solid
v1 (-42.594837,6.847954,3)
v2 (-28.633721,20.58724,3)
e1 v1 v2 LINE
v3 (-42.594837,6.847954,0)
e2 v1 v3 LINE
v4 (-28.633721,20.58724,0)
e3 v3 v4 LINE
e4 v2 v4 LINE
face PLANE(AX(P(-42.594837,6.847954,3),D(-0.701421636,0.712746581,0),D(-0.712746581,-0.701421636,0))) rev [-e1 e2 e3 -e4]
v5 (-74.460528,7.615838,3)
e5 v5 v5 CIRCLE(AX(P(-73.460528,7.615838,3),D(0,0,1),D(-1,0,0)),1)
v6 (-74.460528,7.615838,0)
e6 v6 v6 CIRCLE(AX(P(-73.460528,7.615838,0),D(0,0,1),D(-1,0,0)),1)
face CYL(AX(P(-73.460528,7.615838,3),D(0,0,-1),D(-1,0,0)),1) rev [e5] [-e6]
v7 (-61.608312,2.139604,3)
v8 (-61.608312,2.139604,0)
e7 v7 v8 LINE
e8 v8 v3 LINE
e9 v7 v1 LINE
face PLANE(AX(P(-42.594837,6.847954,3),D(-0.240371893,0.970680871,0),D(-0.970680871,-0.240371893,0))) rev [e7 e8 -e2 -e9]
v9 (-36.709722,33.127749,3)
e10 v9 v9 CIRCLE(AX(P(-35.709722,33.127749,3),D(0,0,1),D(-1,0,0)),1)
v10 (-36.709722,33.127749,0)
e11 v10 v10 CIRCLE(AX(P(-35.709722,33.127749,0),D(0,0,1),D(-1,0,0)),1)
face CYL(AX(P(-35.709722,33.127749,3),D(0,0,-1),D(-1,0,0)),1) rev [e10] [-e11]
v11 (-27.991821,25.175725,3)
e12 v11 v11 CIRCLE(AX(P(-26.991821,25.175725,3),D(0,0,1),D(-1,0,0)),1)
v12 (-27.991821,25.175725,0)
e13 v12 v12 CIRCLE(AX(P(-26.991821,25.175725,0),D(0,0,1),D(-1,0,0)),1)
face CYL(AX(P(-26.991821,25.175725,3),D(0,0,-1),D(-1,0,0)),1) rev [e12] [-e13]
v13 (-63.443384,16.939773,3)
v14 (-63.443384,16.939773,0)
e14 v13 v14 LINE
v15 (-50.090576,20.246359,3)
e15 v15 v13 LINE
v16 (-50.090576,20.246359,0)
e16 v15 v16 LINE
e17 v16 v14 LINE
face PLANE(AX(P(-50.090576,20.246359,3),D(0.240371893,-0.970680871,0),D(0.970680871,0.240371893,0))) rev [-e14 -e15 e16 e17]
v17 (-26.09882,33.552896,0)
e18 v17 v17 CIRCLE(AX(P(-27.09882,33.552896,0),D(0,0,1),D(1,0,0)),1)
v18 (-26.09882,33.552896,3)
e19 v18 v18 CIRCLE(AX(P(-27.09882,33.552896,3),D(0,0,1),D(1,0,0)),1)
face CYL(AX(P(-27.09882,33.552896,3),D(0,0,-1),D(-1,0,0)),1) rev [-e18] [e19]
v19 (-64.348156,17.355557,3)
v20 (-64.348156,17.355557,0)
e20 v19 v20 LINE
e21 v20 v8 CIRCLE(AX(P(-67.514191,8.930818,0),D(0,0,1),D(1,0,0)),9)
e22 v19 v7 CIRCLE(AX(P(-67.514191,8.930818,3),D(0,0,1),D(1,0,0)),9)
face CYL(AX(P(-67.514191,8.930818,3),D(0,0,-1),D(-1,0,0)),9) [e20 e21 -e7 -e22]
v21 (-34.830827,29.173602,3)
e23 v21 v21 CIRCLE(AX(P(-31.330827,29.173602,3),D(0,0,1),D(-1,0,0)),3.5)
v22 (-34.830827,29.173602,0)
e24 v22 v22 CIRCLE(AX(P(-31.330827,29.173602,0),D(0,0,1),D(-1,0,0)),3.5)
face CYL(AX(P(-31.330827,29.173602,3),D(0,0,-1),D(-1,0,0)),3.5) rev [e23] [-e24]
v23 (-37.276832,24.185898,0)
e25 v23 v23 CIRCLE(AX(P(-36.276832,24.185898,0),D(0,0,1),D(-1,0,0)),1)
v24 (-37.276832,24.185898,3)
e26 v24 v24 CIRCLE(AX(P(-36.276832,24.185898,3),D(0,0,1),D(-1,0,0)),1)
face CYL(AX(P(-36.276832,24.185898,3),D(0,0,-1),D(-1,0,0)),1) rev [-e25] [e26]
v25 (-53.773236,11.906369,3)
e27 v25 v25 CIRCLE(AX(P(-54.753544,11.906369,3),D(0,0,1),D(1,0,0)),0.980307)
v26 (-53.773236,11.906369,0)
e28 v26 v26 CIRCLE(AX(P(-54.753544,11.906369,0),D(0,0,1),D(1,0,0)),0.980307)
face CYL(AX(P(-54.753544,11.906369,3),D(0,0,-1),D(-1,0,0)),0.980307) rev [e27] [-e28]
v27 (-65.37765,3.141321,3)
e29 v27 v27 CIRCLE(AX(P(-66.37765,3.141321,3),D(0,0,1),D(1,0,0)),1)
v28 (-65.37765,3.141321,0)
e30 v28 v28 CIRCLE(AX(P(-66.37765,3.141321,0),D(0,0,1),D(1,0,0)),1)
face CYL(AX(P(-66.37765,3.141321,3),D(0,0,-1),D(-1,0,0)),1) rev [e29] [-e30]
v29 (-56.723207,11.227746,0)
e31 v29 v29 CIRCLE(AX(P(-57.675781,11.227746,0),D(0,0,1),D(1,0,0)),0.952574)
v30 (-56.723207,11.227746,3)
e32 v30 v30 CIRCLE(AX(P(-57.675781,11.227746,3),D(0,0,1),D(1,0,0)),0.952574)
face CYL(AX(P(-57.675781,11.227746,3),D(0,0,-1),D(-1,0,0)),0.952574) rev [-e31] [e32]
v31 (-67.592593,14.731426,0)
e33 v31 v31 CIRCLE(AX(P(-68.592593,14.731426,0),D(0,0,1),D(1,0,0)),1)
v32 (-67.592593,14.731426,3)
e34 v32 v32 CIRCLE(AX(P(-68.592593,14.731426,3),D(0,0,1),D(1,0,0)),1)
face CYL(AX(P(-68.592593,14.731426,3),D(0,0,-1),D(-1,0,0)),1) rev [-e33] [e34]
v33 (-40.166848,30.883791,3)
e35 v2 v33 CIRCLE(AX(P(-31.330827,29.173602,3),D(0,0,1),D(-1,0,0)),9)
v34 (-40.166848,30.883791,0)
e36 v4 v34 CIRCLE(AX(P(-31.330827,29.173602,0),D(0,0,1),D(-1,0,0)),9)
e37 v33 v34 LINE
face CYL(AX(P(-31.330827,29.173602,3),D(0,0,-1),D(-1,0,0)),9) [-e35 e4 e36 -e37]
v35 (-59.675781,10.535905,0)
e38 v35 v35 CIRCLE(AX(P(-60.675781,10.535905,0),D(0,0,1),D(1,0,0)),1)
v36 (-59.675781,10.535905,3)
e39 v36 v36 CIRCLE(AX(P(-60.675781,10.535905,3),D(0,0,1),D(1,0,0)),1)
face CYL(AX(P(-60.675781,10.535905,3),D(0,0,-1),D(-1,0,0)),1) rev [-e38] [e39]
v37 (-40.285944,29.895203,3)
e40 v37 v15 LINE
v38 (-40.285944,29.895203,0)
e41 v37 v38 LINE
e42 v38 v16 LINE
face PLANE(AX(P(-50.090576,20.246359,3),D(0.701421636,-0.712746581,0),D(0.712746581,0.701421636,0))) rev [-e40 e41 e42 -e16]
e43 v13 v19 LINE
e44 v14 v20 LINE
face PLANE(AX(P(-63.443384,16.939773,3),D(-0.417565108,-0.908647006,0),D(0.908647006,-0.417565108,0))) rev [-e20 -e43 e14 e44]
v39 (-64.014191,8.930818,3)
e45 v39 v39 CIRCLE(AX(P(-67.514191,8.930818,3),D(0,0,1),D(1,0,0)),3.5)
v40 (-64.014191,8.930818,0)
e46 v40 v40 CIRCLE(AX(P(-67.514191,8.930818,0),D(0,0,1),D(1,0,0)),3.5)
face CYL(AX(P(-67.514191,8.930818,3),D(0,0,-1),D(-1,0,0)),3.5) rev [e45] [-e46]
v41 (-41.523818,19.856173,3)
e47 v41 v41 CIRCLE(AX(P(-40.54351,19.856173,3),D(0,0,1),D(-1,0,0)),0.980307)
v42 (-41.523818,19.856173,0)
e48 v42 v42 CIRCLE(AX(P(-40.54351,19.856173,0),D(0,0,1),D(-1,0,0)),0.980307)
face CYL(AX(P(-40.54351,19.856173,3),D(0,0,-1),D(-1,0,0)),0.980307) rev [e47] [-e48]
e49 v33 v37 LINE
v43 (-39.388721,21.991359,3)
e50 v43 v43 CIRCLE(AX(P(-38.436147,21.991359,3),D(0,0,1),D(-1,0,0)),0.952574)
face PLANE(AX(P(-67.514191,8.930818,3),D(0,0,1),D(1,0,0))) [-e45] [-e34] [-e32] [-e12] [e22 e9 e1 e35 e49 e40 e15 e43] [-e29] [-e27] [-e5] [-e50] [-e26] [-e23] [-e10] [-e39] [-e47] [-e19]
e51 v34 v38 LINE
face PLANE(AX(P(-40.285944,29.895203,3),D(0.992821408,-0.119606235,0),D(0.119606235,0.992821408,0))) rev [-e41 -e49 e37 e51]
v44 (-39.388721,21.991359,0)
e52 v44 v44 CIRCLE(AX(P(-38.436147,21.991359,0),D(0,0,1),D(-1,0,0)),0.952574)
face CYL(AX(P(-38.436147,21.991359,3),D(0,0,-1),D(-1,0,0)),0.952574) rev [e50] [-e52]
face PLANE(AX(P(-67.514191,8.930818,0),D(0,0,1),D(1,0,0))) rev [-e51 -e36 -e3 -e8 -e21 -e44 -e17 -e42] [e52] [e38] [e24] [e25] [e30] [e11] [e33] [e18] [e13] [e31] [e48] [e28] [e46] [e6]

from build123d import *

# Parameters (mm, degrees)
SKETCH1_R       = 1
SKETCH1_R_2     = 3.5
SKETCH1_R_3     = 0.952573724
SKETCH1_R_4     = 0.980307261
EXTRUDE_6_DEPTH = 3


with BuildPart() as part:
    # Sketch1 → Бобышка-Вытянуть6 (new body)
    with BuildSketch(Plane.XY):
        with BuildLine():
            Line((-50.090575528, 20.246358773), (-63.443383911, 16.939772721))
            Line((-63.443383911, 16.939772721), (-64.348156071, 17.355557159))
            ThreePointArc((-64.348156071, 17.355557159), (-76.371742075, 7.335892912), (-61.608311767, 2.139604087))
            Line((-61.608311767, 2.139604087), (-42.594837437, 6.847953613))
            Line((-42.594837437, 6.847953613), (-28.633720832, 20.587239783))
            ThreePointArc((-28.633720832, 20.587239783), (-25.336971544, 35.887296519), (-40.166847554, 30.883790793))
            Line((-40.166847554, 30.883790793), (-40.285943738, 29.895203185))
            Line((-40.285943738, 29.895203185), (-50.090575528, 20.246358773))
        make_face()
        with Locations((-27.098820281, 33.552896146)):
            Circle(SKETCH1_R, mode=Mode.SUBTRACT)
        with Locations((-67.514190904, 8.930818383)):
            Circle(SKETCH1_R_2, mode=Mode.SUBTRACT)
        with Locations((-60.675780867, 10.535905116)):
            Circle(SKETCH1_R, mode=Mode.SUBTRACT)
        with Locations((-66.377650396, 3.14132137)):
            Circle(SKETCH1_R, mode=Mode.SUBTRACT)
        with Locations((-68.59259333, 14.731425956)):
            Circle(SKETCH1_R, mode=Mode.SUBTRACT)
        with Locations((-57.675780867, 11.227745586)):
            Circle(SKETCH1_R_3, mode=Mode.SUBTRACT)
        with Locations((-54.753543693, 11.906369118)):
            Circle(SKETCH1_R_4, mode=Mode.SUBTRACT)
        with Locations(Location((-40.543510307, 19.856172639, 0), (0, 0, 180))):
            Circle(SKETCH1_R_4, mode=Mode.SUBTRACT)
        with Locations(Location((-38.436147278, 21.991359062, 0), (0, 0, 180))):
            Circle(SKETCH1_R_3, mode=Mode.SUBTRACT)
        with Locations(Location((-35.709722432, 33.127748875, 0), (0, 0, 180))):
            Circle(SKETCH1_R, mode=Mode.SUBTRACT)
        with Locations(Location((-26.991820916, 25.175724624, 0), (0, 0, 180))):
            Circle(SKETCH1_R, mode=Mode.SUBTRACT)
        with Locations(Location((-36.27683183, 24.185897745, 0), (0, 0, 180))):
            Circle(SKETCH1_R, mode=Mode.SUBTRACT)
        with Locations(Location((-73.460528059, 7.615837609, 0), (0, 0, 180))):
            Circle(SKETCH1_R, mode=Mode.SUBTRACT)
        with Locations(Location((-31.330827271, 29.173602043, 0), (0, 0, 180))):
            Circle(SKETCH1_R_2, mode=Mode.SUBTRACT)
    extrude(amount=EXTRUDE_6_DEPTH)


solid = part.part
